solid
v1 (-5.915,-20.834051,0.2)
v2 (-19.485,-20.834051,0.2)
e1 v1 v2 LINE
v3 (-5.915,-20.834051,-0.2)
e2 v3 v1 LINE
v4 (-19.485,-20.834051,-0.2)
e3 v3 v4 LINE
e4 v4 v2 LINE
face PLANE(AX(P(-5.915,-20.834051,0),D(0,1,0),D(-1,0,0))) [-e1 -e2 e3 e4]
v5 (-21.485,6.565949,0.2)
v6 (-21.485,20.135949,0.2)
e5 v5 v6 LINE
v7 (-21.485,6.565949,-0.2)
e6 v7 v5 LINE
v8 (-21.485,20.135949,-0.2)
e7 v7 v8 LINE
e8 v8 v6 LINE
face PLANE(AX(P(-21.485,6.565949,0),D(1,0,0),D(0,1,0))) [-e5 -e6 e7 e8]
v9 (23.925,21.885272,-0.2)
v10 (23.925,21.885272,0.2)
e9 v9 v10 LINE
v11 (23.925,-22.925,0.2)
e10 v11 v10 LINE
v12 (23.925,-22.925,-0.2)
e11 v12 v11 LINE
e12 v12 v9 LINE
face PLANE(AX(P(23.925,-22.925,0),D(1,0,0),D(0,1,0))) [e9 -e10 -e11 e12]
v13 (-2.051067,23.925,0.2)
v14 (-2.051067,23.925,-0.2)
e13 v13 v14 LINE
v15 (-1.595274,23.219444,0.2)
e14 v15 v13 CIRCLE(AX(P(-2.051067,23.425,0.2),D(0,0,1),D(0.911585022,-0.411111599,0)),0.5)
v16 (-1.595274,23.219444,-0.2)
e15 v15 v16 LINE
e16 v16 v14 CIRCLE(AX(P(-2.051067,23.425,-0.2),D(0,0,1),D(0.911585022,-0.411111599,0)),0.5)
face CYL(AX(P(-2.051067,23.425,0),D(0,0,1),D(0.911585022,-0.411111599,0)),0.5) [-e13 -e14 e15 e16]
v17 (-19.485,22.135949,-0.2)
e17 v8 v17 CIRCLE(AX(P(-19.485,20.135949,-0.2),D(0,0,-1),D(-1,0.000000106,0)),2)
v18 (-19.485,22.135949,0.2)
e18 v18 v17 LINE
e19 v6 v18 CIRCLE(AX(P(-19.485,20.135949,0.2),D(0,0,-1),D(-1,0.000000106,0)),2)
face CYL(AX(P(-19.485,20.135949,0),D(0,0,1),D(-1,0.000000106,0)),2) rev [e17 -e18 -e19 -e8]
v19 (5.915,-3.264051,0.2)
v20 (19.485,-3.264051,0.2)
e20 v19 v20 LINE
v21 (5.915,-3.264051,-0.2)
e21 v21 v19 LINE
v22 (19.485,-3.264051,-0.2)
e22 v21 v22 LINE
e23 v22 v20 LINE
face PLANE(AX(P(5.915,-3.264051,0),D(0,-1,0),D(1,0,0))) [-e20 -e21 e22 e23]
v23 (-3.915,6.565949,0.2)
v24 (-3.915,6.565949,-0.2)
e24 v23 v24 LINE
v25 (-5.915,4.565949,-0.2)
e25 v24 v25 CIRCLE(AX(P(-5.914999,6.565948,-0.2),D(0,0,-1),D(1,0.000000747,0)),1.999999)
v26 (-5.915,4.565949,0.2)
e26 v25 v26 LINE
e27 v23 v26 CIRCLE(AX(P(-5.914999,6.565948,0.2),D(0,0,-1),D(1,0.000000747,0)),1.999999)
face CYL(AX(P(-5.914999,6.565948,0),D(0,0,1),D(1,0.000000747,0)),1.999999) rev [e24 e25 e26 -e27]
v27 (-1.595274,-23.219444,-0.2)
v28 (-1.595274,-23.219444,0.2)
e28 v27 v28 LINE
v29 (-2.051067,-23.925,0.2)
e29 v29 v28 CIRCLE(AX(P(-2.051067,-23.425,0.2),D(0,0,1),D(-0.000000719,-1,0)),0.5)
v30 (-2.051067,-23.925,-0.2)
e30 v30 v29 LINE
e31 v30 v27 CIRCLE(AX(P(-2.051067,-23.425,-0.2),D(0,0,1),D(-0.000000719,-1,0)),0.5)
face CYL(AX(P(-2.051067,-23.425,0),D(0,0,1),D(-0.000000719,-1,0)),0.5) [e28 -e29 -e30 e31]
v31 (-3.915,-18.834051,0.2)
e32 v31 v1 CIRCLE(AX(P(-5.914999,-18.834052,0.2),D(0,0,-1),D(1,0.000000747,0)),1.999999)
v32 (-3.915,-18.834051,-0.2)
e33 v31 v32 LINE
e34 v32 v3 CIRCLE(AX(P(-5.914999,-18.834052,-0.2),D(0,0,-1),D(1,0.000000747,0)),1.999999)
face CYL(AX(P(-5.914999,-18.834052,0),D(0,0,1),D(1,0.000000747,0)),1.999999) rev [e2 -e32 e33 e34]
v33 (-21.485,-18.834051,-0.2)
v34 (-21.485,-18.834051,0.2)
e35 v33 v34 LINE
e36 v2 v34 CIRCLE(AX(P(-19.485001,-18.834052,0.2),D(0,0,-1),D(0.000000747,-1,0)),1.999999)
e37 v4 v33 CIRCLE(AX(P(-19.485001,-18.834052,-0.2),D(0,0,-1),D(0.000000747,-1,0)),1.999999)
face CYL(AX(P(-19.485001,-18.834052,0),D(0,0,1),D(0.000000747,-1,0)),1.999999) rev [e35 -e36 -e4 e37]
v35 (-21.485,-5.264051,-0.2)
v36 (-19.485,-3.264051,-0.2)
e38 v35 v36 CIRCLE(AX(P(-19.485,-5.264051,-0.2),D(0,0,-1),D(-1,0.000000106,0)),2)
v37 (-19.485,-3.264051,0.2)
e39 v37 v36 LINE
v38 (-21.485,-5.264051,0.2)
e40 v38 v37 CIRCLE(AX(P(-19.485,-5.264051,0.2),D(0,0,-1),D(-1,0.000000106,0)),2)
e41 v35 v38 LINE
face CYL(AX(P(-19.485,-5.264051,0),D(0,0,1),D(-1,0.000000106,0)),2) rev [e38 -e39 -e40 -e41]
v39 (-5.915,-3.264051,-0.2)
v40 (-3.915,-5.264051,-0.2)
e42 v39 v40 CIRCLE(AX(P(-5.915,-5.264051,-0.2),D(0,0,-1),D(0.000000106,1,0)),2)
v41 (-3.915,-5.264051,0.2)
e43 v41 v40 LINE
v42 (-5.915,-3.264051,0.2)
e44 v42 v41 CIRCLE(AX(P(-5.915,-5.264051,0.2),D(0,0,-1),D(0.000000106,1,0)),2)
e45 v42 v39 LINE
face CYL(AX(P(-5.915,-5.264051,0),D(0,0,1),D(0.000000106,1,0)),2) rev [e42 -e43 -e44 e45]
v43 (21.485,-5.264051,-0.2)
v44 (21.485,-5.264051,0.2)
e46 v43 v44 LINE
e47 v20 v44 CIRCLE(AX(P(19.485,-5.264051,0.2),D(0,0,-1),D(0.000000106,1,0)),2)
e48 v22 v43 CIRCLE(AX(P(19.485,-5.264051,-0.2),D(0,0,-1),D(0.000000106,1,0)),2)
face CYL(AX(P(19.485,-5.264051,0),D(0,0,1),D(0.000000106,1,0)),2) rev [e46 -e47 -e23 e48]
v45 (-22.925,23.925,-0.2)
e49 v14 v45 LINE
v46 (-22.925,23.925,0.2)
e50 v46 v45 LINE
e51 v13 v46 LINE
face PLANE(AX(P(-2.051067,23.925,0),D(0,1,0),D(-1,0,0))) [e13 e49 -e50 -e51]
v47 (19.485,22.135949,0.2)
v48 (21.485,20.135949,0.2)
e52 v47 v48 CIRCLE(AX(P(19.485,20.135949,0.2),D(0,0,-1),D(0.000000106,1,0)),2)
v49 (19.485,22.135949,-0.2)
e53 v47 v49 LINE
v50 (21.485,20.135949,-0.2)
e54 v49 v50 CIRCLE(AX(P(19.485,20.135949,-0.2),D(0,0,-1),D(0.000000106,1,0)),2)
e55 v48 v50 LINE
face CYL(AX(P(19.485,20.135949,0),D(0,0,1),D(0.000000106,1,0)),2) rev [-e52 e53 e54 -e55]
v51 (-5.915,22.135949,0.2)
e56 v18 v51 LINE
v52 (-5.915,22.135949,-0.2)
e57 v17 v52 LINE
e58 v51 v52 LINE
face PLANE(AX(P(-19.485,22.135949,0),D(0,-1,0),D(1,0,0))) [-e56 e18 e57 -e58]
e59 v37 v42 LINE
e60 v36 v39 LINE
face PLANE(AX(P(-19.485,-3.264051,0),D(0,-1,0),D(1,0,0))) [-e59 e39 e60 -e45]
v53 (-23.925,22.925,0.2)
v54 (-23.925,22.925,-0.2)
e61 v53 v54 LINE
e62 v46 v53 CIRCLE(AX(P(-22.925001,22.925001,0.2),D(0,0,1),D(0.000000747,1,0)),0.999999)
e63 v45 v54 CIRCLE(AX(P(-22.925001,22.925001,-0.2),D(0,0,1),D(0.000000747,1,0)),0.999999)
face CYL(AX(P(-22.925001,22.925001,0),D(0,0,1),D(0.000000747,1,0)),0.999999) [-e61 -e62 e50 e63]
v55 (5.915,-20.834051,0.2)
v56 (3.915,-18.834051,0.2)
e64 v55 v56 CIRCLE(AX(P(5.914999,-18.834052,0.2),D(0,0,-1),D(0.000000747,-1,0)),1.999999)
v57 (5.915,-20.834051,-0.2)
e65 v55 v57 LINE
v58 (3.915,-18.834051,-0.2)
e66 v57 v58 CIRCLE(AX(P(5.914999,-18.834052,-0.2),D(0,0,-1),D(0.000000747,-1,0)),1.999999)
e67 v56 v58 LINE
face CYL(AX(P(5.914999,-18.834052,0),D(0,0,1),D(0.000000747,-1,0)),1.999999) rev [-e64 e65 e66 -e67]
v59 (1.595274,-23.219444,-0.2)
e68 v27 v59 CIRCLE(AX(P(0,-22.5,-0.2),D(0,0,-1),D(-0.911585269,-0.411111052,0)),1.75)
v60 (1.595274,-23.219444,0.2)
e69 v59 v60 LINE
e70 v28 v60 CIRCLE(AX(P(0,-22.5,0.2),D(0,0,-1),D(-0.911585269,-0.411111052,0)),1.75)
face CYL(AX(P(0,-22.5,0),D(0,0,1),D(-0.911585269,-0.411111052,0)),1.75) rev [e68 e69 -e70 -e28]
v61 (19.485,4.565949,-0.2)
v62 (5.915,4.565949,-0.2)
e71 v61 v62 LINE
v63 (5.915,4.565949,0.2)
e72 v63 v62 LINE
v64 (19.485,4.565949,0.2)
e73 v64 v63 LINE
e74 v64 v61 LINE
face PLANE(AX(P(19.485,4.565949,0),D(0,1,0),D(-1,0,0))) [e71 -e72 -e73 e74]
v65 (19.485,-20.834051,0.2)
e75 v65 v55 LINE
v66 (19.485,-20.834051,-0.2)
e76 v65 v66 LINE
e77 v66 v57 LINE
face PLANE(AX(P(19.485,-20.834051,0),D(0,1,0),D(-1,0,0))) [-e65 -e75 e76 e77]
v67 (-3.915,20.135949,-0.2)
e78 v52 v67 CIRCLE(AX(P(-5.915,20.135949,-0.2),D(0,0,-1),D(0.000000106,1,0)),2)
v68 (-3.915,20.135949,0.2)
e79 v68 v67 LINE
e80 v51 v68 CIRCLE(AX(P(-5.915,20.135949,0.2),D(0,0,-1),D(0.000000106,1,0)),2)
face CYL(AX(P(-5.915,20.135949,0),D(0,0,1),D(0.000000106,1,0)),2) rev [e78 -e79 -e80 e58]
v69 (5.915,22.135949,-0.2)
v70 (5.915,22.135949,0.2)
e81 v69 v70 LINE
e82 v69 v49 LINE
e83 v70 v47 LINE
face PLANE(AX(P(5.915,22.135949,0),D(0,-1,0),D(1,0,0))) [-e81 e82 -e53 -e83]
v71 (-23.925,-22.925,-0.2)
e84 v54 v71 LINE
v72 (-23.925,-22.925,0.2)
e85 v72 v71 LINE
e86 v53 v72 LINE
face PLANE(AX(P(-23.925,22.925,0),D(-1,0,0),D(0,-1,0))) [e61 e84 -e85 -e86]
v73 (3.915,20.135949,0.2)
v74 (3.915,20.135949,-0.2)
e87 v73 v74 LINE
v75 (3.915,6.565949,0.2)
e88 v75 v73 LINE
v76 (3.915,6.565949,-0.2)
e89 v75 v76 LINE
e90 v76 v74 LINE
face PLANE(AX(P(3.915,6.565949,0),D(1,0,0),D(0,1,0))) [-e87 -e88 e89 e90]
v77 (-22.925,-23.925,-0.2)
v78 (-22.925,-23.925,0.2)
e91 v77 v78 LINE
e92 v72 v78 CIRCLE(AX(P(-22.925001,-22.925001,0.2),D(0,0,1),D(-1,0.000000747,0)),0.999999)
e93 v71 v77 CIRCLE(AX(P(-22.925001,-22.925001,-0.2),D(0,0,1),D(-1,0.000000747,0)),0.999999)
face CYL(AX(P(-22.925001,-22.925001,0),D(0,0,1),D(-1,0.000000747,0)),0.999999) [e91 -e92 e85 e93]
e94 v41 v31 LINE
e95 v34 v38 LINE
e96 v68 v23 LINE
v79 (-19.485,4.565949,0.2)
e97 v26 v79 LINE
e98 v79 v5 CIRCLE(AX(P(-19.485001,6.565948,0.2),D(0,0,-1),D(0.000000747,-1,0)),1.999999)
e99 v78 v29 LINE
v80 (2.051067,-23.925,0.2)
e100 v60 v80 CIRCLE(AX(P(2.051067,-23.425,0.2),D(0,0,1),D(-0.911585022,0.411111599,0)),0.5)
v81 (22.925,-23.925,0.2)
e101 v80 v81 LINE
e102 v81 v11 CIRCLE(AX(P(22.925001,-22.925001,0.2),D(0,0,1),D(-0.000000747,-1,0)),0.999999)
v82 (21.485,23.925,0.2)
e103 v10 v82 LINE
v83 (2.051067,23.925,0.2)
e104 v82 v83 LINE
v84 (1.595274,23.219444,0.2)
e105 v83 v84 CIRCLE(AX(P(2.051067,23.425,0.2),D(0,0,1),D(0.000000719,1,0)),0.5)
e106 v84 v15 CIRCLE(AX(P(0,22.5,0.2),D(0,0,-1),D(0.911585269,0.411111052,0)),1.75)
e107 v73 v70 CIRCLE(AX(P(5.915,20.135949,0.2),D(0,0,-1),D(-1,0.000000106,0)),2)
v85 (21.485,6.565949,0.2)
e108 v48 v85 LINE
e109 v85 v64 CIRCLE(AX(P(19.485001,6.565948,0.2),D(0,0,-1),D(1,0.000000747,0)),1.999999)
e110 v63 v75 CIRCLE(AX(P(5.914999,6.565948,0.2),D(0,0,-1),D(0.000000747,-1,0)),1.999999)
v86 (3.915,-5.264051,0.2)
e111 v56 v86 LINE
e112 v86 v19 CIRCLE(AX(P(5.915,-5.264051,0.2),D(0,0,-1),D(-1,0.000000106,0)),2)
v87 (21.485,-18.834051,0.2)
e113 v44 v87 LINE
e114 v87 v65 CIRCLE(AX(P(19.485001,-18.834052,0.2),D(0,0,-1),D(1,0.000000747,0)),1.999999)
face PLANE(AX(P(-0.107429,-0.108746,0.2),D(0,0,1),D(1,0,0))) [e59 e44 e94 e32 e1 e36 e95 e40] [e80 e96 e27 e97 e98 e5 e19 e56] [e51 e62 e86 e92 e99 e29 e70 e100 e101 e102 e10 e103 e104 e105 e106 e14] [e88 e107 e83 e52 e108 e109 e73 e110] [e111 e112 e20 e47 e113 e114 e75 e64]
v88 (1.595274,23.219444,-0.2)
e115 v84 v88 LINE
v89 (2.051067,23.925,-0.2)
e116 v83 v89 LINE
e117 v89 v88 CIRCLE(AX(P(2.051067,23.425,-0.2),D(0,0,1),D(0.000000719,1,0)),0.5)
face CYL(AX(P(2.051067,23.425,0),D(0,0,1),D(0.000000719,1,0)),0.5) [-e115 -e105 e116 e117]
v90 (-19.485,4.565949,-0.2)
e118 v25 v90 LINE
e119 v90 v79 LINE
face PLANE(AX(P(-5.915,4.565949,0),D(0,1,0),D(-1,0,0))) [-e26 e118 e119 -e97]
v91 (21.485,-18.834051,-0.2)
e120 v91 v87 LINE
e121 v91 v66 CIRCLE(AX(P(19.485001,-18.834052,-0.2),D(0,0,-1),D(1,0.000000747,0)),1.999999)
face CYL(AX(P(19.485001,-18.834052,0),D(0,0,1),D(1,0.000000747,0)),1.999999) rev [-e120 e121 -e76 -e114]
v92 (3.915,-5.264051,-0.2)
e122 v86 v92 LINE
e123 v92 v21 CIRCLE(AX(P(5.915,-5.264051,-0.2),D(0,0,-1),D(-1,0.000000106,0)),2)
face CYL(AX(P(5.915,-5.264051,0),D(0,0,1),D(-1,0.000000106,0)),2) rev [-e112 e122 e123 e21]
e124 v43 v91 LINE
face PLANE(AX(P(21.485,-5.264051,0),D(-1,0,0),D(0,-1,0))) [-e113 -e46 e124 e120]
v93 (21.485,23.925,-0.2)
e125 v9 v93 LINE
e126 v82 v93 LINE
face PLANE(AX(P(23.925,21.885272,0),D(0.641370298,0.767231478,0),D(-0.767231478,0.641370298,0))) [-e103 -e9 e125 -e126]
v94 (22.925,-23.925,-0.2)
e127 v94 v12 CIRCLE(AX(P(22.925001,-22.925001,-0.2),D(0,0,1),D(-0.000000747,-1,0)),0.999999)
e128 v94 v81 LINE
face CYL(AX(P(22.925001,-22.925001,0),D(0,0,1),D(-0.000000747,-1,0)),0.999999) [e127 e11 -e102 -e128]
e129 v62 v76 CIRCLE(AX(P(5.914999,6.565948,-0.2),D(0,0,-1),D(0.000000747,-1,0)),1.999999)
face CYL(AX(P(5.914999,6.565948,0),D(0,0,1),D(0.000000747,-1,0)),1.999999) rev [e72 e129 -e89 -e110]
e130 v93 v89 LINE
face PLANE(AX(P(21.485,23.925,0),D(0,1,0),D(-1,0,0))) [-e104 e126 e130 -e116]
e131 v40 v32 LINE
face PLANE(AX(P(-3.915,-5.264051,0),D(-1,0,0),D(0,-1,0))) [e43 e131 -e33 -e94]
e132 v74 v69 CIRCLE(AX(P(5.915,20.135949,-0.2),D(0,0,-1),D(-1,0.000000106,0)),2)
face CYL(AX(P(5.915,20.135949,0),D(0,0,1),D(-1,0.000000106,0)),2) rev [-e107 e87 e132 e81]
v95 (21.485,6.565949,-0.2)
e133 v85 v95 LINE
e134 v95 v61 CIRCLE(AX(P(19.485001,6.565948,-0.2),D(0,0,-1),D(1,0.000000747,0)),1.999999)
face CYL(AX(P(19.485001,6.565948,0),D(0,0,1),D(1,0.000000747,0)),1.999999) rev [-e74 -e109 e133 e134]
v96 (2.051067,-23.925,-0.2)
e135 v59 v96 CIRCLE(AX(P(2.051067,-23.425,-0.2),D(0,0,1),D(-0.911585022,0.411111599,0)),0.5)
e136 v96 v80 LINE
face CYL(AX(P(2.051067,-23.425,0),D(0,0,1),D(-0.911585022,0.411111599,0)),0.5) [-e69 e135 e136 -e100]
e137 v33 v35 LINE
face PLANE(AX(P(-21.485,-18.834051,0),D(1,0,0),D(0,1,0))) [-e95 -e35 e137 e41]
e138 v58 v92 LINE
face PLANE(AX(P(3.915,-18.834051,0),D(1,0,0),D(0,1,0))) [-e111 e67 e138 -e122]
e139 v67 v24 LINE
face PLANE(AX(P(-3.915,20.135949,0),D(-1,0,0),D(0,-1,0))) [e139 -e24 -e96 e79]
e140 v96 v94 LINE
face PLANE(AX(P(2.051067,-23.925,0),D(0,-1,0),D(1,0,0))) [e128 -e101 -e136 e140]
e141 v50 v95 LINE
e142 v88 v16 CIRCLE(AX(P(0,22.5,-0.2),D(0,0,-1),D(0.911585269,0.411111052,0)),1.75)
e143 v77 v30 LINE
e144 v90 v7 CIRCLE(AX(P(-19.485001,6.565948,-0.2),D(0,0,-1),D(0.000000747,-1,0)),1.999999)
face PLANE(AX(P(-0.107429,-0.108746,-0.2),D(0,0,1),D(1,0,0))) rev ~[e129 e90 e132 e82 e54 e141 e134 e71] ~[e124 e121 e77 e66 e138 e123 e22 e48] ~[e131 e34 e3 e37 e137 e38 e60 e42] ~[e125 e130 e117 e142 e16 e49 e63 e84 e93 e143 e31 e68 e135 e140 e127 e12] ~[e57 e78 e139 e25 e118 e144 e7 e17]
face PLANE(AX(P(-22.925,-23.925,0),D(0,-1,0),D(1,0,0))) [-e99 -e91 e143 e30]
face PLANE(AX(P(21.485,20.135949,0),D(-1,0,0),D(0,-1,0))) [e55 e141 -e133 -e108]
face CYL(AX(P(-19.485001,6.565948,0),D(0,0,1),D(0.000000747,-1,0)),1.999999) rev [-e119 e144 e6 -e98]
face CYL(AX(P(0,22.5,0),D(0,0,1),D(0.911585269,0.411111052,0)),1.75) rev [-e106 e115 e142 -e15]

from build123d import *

# Parameters (mm, degrees)
F1_DEPTH = 0.2


with BuildPart() as f1:
    # F0 (on Top) → F1 (new body, symmetric)
    with BuildSketch(Plane.XY):
        with BuildLine():
            ThreePointArc((-23.925, -22.925), (-23.632107, -23.632107), (-22.925, -23.925))
            Line((-22.925, -23.925), (-2.051067, -23.925))
            ThreePointArc((-2.051067, -23.925), (-1.63108, -23.696314), (-1.595274, -23.219444))
            ThreePointArc((-1.595274, -23.219444), (0, -20.75), (1.595274, -23.219444))
            ThreePointArc((1.595274, -23.219444), (1.63108, -23.696314), (2.051067, -23.925))
            Line((2.051067, -23.925), (22.925, -23.925))
            ThreePointArc((22.925, -23.925), (23.632107, -23.632107), (23.925, -22.925))
            Line((23.925, -22.925), (23.925, 21.885272))
            Line((23.925, 21.885272), (21.485, 23.925))
            Line((21.485, 23.925), (2.051067, 23.925))
            ThreePointArc((2.051067, 23.925), (1.63108, 23.696314), (1.595274, 23.219444))
            ThreePointArc((1.595274, 23.219444), (0, 20.75), (-1.595274, 23.219444))
            ThreePointArc((-1.595274, 23.219444), (-1.63108, 23.696314), (-2.051067, 23.925))
            Line((-2.051067, 23.925), (-22.925, 23.925))
            ThreePointArc((-22.925, 23.925), (-23.632107, 23.632107), (-23.925, 22.925))
            Line((-23.925, 22.925), (-23.925, -22.925))
        make_face()
        with BuildLine():
            Line((-5.915, -20.834051), (-19.485, -20.834051))
            ThreePointArc((-19.485, -20.834051), (-20.899214, -20.248265), (-21.485, -18.834051))
            Line((-21.485, -18.834051), (-21.485, -5.264051))
            ThreePointArc((-21.485, -5.264051), (-20.899214, -3.849838), (-19.485, -3.264051))
            Line((-19.485, -3.264051), (-5.915, -3.264051))
            ThreePointArc((-5.915, -3.264051), (-4.500786, -3.849838), (-3.915, -5.264051))
            Line((-3.915, -5.264051), (-3.915, -18.834051))
            ThreePointArc((-3.915, -18.834051), (-4.500786, -20.248265), (-5.915, -20.834051))
        make_face(mode=Mode.SUBTRACT)
        with BuildLine():
            Line((5.915, -3.264051), (19.485, -3.264051))
            ThreePointArc((19.485, -3.264051), (20.899214, -3.849838), (21.485, -5.264051))
            Line((21.485, -5.264051), (21.485, -18.834051))
            ThreePointArc((21.485, -18.834051), (20.899214, -20.248265), (19.485, -20.834051))
            Line((19.485, -20.834051), (5.915, -20.834051))
            ThreePointArc((5.915, -20.834051), (4.500786, -20.248265), (3.915, -18.834051))
            Line((3.915, -18.834051), (3.915, -5.264051))
            ThreePointArc((3.915, -5.264051), (4.500786, -3.849838), (5.915, -3.264051))
        make_face(mode=Mode.SUBTRACT)
        with BuildLine():
            Line((-5.915, 4.565949), (-19.485, 4.565949))
            ThreePointArc((-19.485, 4.565949), (-20.899214, 5.151735), (-21.485, 6.565949))
            Line((-21.485, 6.565949), (-21.485, 20.135949))
            ThreePointArc((-21.485, 20.135949), (-20.899214, 21.550162), (-19.485, 22.135949))
            Line((-19.485, 22.135949), (-5.915, 22.135949))
            ThreePointArc((-5.915, 22.135949), (-4.500786, 21.550162), (-3.915, 20.135949))
            Line((-3.915, 20.135949), (-3.915, 6.565949))
            ThreePointArc((-3.915, 6.565949), (-4.500786, 5.151735), (-5.915, 4.565949))
        make_face(mode=Mode.SUBTRACT)
        with BuildLine():
            Line((5.915, 22.135949), (19.485, 22.135949))
            ThreePointArc((19.485, 22.135949), (20.899214, 21.550162), (21.485, 20.135949))
            Line((21.485, 20.135949), (21.485, 6.565949))
            ThreePointArc((21.485, 6.565949), (20.899214, 5.151735), (19.485, 4.565949))
            Line((19.485, 4.565949), (5.915, 4.565949))
            ThreePointArc((5.915, 4.565949), (4.500786, 5.151735), (3.915, 6.565949))
            Line((3.915, 6.565949), (3.915, 20.135949))
            ThreePointArc((3.915, 20.135949), (4.500786, 21.550162), (5.915, 22.135949))
        make_face(mode=Mode.SUBTRACT)
    extrude(amount=F1_DEPTH, both=True)


solid = f1.part
